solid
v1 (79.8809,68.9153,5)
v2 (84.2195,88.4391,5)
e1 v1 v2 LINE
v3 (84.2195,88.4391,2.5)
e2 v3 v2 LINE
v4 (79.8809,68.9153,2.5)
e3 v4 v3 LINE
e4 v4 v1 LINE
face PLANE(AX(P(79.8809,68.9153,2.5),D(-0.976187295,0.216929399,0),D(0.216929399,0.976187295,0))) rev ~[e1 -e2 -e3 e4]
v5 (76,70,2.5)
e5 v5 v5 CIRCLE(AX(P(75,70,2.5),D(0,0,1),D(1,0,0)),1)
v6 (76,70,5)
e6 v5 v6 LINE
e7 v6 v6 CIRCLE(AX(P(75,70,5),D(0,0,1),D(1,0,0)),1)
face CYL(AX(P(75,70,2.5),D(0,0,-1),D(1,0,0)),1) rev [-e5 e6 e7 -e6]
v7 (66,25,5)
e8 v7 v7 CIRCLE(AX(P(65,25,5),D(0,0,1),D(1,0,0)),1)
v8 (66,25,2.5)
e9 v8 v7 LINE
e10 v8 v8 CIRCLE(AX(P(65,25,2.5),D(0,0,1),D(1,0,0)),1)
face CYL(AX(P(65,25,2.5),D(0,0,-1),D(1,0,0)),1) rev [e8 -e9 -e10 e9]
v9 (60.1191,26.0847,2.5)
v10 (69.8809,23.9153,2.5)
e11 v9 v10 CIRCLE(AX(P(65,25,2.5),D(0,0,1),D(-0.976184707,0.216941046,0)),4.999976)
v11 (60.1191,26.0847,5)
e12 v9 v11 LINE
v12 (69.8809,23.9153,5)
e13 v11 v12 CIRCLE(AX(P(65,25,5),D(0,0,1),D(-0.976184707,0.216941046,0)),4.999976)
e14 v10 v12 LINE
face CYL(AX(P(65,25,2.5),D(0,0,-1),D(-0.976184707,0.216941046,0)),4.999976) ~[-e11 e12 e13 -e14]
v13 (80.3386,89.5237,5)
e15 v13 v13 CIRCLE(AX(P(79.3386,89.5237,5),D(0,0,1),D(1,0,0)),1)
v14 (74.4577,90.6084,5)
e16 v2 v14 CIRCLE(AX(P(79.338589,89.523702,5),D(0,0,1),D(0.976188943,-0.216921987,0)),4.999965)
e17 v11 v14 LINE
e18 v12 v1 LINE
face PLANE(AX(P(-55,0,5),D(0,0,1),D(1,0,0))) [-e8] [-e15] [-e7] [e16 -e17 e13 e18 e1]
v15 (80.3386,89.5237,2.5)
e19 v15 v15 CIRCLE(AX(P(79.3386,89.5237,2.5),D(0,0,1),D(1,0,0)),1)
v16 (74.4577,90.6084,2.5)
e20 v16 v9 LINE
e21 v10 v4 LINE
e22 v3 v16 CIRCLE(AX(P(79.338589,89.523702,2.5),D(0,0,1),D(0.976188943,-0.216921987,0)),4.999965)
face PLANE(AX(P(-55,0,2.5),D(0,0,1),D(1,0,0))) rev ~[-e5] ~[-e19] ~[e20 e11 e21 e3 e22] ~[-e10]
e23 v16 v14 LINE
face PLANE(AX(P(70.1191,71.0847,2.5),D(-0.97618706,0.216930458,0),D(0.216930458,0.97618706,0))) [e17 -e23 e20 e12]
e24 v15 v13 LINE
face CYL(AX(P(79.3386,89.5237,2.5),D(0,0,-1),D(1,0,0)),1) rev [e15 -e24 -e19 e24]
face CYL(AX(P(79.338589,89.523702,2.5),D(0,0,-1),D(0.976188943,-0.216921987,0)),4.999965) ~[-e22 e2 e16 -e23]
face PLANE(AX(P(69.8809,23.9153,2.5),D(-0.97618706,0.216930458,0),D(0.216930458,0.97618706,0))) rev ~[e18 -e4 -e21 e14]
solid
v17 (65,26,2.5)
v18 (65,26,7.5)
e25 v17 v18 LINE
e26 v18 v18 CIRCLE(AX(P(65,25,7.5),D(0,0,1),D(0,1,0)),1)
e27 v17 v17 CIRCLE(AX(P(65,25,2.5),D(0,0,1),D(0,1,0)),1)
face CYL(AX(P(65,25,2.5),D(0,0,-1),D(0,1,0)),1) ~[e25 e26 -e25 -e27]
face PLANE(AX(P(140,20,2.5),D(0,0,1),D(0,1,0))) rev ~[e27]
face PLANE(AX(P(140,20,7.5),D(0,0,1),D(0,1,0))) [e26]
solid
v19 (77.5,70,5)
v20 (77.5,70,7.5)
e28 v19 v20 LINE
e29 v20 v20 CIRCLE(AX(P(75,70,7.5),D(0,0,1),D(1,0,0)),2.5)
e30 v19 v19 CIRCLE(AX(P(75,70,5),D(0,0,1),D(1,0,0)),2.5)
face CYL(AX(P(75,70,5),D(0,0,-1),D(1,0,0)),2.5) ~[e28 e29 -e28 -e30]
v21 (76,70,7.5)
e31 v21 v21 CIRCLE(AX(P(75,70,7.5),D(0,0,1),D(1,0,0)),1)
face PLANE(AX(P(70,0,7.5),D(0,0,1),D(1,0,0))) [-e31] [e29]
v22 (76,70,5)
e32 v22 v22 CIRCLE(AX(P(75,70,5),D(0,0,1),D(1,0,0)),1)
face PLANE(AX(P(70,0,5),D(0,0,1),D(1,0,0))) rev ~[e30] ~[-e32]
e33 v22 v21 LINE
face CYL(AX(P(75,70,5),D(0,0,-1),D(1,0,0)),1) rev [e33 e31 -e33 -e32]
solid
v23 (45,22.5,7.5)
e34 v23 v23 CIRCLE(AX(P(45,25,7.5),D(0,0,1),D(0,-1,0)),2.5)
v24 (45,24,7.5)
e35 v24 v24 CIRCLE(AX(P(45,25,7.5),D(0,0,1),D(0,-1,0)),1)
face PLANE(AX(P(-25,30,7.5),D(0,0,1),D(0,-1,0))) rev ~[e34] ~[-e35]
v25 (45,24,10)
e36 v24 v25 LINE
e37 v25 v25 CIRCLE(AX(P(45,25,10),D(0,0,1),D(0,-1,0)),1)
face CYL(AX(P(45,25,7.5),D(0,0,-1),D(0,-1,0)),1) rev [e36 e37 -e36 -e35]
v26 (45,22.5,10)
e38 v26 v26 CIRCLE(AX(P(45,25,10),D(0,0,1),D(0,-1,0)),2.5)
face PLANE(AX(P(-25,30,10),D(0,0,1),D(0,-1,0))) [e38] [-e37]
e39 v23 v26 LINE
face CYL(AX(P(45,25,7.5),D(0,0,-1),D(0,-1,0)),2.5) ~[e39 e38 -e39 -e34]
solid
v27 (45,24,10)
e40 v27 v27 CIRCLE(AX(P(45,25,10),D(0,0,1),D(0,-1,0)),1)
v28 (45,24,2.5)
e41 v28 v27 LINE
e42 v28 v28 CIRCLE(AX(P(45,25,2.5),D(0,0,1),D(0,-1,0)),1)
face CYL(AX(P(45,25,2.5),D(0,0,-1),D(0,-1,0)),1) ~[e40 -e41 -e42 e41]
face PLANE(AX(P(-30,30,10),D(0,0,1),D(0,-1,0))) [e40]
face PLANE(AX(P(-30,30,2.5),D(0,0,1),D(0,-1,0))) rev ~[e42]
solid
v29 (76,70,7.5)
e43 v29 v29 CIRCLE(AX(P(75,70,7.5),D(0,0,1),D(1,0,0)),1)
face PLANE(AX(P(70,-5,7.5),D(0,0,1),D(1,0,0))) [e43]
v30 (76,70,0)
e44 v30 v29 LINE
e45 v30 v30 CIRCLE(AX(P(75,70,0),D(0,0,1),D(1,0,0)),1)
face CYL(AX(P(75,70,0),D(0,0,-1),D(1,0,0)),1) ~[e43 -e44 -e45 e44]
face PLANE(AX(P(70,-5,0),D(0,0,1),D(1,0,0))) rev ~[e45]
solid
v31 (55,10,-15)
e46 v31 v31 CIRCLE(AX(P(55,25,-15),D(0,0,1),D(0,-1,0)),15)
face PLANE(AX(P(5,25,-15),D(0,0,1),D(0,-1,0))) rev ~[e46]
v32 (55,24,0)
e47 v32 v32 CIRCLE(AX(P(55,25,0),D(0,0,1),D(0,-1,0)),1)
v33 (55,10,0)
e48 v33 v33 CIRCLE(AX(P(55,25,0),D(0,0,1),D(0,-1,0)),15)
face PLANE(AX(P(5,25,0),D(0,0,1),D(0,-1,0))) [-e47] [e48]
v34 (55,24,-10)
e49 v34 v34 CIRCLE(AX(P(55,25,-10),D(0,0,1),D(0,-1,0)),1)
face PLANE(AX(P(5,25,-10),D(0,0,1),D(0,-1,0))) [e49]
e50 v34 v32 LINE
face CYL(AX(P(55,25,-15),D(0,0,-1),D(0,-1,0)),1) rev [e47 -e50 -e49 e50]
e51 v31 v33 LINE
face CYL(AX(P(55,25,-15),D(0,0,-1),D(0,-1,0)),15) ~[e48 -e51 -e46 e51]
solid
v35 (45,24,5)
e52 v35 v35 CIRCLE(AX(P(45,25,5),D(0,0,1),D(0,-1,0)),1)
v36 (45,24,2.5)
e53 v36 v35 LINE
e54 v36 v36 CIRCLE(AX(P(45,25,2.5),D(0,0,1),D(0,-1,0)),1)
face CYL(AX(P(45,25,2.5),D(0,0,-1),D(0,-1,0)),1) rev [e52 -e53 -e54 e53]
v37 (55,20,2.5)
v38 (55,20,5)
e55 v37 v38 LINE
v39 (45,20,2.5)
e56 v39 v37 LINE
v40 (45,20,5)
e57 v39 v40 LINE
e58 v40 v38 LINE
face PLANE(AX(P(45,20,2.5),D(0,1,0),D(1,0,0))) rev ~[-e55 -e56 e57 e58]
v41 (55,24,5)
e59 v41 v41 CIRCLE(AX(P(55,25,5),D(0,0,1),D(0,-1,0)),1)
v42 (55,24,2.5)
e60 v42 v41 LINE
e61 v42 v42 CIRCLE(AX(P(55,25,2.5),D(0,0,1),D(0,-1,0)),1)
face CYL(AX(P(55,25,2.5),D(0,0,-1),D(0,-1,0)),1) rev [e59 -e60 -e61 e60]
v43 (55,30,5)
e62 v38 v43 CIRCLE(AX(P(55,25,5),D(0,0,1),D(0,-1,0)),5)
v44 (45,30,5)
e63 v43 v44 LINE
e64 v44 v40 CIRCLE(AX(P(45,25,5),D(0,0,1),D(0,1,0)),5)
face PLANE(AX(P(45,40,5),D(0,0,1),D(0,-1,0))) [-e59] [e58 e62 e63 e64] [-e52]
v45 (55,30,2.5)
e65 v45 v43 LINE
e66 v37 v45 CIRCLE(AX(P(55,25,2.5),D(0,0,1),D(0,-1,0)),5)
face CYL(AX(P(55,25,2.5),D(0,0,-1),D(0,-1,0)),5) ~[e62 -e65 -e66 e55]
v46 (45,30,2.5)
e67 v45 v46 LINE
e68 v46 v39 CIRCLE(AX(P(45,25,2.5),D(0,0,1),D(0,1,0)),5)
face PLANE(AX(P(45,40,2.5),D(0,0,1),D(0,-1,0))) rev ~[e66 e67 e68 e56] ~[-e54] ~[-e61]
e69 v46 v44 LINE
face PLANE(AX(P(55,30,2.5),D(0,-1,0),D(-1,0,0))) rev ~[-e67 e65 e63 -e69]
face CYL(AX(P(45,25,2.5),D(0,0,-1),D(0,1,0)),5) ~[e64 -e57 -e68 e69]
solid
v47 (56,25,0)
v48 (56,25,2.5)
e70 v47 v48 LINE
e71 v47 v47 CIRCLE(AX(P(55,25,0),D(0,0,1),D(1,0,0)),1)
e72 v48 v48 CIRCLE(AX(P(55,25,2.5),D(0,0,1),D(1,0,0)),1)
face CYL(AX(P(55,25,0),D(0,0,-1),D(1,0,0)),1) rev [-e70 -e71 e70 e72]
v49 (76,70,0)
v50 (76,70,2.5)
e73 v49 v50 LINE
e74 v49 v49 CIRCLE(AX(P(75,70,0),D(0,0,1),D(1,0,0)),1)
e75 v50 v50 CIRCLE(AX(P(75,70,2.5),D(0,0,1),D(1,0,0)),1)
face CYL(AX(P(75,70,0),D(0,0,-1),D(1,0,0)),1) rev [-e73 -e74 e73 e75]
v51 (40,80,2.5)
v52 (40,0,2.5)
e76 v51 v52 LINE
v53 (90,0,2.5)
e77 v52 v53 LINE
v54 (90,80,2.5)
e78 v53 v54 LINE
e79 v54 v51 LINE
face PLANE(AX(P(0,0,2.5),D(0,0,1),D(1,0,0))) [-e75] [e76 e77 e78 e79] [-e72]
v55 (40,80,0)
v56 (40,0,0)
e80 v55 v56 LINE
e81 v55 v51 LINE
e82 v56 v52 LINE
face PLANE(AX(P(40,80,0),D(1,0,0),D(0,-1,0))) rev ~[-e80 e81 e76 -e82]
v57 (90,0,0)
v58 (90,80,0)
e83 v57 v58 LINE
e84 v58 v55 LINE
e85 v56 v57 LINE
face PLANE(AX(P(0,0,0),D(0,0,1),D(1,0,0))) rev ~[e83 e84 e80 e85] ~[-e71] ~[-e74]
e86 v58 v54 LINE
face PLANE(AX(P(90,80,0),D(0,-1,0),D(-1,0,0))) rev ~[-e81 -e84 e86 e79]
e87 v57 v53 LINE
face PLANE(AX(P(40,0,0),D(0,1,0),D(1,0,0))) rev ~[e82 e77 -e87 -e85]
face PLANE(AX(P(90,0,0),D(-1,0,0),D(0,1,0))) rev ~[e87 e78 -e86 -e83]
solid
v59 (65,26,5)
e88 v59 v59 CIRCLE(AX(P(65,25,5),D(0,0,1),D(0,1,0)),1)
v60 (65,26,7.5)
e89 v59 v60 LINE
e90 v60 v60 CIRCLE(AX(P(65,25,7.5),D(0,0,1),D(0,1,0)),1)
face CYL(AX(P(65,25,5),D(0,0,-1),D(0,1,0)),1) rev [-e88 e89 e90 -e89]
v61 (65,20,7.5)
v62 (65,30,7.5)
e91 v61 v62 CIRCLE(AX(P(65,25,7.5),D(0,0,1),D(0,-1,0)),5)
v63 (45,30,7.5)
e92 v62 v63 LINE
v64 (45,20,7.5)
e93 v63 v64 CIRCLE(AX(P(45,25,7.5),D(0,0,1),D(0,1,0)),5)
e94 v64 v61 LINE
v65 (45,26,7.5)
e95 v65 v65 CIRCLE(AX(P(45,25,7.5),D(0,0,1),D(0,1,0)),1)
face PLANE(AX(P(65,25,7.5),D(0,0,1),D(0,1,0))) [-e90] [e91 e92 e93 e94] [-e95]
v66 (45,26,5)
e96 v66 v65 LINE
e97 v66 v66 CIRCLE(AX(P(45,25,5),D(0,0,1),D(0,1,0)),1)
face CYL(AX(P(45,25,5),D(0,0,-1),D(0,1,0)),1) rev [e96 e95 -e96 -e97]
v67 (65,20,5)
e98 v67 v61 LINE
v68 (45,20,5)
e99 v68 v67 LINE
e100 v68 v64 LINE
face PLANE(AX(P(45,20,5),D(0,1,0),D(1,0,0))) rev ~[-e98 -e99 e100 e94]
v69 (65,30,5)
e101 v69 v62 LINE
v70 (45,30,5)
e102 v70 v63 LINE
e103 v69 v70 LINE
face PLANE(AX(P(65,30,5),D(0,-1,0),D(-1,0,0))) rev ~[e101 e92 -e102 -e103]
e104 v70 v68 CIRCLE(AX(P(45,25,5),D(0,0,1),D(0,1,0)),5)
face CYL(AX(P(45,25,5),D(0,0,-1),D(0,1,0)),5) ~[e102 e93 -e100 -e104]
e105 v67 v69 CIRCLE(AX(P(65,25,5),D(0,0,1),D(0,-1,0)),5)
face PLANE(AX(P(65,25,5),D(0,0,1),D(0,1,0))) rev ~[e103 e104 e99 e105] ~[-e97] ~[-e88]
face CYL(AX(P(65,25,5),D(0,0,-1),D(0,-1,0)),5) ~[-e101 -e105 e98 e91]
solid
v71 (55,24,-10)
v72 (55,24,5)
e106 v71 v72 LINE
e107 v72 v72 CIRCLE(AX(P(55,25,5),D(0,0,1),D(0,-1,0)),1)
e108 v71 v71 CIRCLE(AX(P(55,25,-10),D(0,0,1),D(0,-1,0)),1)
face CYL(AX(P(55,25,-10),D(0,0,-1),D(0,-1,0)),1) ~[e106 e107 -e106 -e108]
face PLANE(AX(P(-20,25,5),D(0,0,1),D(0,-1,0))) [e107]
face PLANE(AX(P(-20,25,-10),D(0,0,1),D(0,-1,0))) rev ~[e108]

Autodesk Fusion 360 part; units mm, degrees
sketch "スケッチ1" plane through (0, 0, 0) normal (0, 0, 1) x (1, 0, 0)
  line L0 (40, 0) -> (90, 0)
  line L1 (90, 0) -> (90, 80)
  line L2 (90, 80) -> (40, 80)
  line L3 (40, 80) -> (40, 0)
  circle A0 centre (75, 70) radius 1
  line L4 (75, 70) -> (65, 25) construction
  line L5 (65, 25) -> (85, 25) construction
  line L6 (85, 25) -> (75, 70) construction
  circle A1 centre (55, 25) radius 1
  line L7 (125.1191, 71.0847) -> (115.1191, 26.0847)
  arc A2 (115.1191, 26.0847) -> (124.8809, 23.9153) centre (120, 25) ccw
  line L8 (124.8809, 23.9153) -> (134.8809, 68.9153)
  line L9 (130, 70) -> (120, 25) construction
  circle A3 centre (130, 70) radius 1
  circle A4 centre (120, 25) radius 1
  line L10 (5, 0) -> (5, 20)
  arc A5 (5, 20) -> (-5, 20) centre (0, 20) ccw
  line L11 (-5, 20) -> (-5, 0)
  arc A6 (-5, 0) -> (5, 0) centre (0, 0) ccw
  line L12 (0, 0) -> (0, 20) construction
  line L13 (20, 0) -> (20, 10)
  arc A7 (20, 10) -> (10, 10) centre (15, 10) ccw
  line L14 (10, 10) -> (10, 0)
  arc A8 (10, 0) -> (20, 0) centre (15, 0) ccw
  line L15 (15, 0) -> (15, 10) construction
  circle A9 centre (15, 10) radius 1
  circle A10 centre (15, 0) radius 1
  circle A11 centre (0, 20) radius 1
  circle A12 centre (0, 0) radius 1
  circle A13 centre (0, 50) radius 15
  circle A14 centre (0, 75) radius 1
  circle A15 centre (5, 75) radius 1
  circle A16 centre (10, 75) radius 1
  circle A17 centre (0, 50) radius 1
  circle A18 centre (5, 70) radius 1
  circle A19 centre (5, 70) radius 2.5
  line L16 (125.1191, 71.0847) -> (129.4577, 90.6084)
  line L17 (134.8809, 68.9153) -> (139.2195, 88.4391)
  arc A20 (139.2195, 88.4391) -> (129.4577, 90.6084) centre (134.3386, 89.5237) ccw
  circle A21 centre (134.3386, 89.5237) radius 1
  dimension "d1" = 2
  dimension "d3" = 2
  dimension "d4" = 10
  dimension "d5" = 20
  dimension "d6" = 10
  dimension "d7" = 10
  dimension "d8" = 2
  dimension "d9" = 2
  dimension "d10" = 2
  dimension "d11" = 2
  dimension "d12" = 30
  dimension "d13" = 2
  dimension "d14" = 2
  dimension "d15" = 2
  dimension "d18" = 2
  dimension "d39" = 5
  dimension "d100" = 20
  dimension "d101" = 20
  dimension "d102" = 2
extrude "押し出し1" add sketch "スケッチ1" along normal blind 2.5 contours L0 L1 L2 L3 | L7 A2 L8 L16 L17 A20 | L10 A5 L11 A6 | L13 A7 L14 A8 makes body 1 at (11.4588, 6.4061, 0) makes body 2 at (-3.4551, 13.023, 0) makes body 3 at (73.7927, 31.4887, 0) makes body 4 at (125.1323, 39.5982, 0)
extrude "押し出し2" add sketch "スケッチ1" along normal blind 15 separate body contours A13 makes body 5
extrude "押し出し3" add sketch "スケッチ1" along normal blind 5 contours A17 bodies 5
extrude "押し出し1'" add sketch "スケッチ1" along normal blind 15 separate body contours A14 makes body 6 in component "軸1"
copy_body "ボディ -> コンポーネント1" bodies 5 removing the originals makes body 7 in component "ノブ"
copy_body "ボディ -> コンポーネント2" bodies 1 removing the originals makes body 8 in component "リンク1"
copy_body "ボディ -> コンポーネント3" bodies 2 removing the originals makes body 9 in component "リンク2"
copy_body "ボディ -> コンポーネント4" bodies 3 removing the originals makes body 10 in component "側面"
copy_body "ボディ -> コンポーネント5" bodies 4 removing the originals makes body 11 in component "従動節"
extrude "押し出し1''" add sketch "スケッチ1" along normal blind 7.5 separate body contours A15 makes body 12 in component "軸2"
extrude "押し出し1'''" add sketch "スケッチ1" along normal blind 2.5 separate body contours A19 makes body 13 in component "留め具"
extrude "押し出し1''''" add sketch "スケッチ1" along normal blind 5 separate body contours A15 makes body 14 in component "軸3"
component "従動節" placed x (1, 0, 0) y (0, 1, 0) z (0, 0, 1) at (-55, 0, 2.5)
component "軸3" placed x (0, 1, 0) y (-1, 0, 0) z (0, 0, 1) at (140, 20, 2.5)
component "リンク2" placed x (0, 1, 0) y (-1, 0, 0) z (0, 0, 1) at (65, 25, 5)
component "軸2" placed x (0, -1, 0) y (1, 0, 0) z (0, 0, 1) at (-30, 30, 2.5)
component "留め具" placed x (0, -1, 0) y (1, 0, 0) z (0, 0, 1) at (-25, 30, 7.5)
component "リンク1" placed x (0, -1, 0) y (1, 0, 0) z (0, 0, 1) at (45, 40, 2.5)
component "軸1" placed x (0, -1, 0) y (1, 0, 0) z (0, 0, 1) at (-20, 25, -10)
component "ノブ" placed x (0, -1, 0) y (1, 0, 0) z (0, 0, 1) at (5, 25, -15)
component "留め具" placed x (1, 0, 0) y (0, 1, 0) z (0, 0, 1) at (70, 0, 5)
component "軸2" placed x (1, 0, 0) y (0, 1, 0) z (0, 0, 1) at (70, -5, 0)
component "側面" placed x (1, 0, 0) y (0, 1, 0) z (0, 0, 1) at (0, 0, 0)
